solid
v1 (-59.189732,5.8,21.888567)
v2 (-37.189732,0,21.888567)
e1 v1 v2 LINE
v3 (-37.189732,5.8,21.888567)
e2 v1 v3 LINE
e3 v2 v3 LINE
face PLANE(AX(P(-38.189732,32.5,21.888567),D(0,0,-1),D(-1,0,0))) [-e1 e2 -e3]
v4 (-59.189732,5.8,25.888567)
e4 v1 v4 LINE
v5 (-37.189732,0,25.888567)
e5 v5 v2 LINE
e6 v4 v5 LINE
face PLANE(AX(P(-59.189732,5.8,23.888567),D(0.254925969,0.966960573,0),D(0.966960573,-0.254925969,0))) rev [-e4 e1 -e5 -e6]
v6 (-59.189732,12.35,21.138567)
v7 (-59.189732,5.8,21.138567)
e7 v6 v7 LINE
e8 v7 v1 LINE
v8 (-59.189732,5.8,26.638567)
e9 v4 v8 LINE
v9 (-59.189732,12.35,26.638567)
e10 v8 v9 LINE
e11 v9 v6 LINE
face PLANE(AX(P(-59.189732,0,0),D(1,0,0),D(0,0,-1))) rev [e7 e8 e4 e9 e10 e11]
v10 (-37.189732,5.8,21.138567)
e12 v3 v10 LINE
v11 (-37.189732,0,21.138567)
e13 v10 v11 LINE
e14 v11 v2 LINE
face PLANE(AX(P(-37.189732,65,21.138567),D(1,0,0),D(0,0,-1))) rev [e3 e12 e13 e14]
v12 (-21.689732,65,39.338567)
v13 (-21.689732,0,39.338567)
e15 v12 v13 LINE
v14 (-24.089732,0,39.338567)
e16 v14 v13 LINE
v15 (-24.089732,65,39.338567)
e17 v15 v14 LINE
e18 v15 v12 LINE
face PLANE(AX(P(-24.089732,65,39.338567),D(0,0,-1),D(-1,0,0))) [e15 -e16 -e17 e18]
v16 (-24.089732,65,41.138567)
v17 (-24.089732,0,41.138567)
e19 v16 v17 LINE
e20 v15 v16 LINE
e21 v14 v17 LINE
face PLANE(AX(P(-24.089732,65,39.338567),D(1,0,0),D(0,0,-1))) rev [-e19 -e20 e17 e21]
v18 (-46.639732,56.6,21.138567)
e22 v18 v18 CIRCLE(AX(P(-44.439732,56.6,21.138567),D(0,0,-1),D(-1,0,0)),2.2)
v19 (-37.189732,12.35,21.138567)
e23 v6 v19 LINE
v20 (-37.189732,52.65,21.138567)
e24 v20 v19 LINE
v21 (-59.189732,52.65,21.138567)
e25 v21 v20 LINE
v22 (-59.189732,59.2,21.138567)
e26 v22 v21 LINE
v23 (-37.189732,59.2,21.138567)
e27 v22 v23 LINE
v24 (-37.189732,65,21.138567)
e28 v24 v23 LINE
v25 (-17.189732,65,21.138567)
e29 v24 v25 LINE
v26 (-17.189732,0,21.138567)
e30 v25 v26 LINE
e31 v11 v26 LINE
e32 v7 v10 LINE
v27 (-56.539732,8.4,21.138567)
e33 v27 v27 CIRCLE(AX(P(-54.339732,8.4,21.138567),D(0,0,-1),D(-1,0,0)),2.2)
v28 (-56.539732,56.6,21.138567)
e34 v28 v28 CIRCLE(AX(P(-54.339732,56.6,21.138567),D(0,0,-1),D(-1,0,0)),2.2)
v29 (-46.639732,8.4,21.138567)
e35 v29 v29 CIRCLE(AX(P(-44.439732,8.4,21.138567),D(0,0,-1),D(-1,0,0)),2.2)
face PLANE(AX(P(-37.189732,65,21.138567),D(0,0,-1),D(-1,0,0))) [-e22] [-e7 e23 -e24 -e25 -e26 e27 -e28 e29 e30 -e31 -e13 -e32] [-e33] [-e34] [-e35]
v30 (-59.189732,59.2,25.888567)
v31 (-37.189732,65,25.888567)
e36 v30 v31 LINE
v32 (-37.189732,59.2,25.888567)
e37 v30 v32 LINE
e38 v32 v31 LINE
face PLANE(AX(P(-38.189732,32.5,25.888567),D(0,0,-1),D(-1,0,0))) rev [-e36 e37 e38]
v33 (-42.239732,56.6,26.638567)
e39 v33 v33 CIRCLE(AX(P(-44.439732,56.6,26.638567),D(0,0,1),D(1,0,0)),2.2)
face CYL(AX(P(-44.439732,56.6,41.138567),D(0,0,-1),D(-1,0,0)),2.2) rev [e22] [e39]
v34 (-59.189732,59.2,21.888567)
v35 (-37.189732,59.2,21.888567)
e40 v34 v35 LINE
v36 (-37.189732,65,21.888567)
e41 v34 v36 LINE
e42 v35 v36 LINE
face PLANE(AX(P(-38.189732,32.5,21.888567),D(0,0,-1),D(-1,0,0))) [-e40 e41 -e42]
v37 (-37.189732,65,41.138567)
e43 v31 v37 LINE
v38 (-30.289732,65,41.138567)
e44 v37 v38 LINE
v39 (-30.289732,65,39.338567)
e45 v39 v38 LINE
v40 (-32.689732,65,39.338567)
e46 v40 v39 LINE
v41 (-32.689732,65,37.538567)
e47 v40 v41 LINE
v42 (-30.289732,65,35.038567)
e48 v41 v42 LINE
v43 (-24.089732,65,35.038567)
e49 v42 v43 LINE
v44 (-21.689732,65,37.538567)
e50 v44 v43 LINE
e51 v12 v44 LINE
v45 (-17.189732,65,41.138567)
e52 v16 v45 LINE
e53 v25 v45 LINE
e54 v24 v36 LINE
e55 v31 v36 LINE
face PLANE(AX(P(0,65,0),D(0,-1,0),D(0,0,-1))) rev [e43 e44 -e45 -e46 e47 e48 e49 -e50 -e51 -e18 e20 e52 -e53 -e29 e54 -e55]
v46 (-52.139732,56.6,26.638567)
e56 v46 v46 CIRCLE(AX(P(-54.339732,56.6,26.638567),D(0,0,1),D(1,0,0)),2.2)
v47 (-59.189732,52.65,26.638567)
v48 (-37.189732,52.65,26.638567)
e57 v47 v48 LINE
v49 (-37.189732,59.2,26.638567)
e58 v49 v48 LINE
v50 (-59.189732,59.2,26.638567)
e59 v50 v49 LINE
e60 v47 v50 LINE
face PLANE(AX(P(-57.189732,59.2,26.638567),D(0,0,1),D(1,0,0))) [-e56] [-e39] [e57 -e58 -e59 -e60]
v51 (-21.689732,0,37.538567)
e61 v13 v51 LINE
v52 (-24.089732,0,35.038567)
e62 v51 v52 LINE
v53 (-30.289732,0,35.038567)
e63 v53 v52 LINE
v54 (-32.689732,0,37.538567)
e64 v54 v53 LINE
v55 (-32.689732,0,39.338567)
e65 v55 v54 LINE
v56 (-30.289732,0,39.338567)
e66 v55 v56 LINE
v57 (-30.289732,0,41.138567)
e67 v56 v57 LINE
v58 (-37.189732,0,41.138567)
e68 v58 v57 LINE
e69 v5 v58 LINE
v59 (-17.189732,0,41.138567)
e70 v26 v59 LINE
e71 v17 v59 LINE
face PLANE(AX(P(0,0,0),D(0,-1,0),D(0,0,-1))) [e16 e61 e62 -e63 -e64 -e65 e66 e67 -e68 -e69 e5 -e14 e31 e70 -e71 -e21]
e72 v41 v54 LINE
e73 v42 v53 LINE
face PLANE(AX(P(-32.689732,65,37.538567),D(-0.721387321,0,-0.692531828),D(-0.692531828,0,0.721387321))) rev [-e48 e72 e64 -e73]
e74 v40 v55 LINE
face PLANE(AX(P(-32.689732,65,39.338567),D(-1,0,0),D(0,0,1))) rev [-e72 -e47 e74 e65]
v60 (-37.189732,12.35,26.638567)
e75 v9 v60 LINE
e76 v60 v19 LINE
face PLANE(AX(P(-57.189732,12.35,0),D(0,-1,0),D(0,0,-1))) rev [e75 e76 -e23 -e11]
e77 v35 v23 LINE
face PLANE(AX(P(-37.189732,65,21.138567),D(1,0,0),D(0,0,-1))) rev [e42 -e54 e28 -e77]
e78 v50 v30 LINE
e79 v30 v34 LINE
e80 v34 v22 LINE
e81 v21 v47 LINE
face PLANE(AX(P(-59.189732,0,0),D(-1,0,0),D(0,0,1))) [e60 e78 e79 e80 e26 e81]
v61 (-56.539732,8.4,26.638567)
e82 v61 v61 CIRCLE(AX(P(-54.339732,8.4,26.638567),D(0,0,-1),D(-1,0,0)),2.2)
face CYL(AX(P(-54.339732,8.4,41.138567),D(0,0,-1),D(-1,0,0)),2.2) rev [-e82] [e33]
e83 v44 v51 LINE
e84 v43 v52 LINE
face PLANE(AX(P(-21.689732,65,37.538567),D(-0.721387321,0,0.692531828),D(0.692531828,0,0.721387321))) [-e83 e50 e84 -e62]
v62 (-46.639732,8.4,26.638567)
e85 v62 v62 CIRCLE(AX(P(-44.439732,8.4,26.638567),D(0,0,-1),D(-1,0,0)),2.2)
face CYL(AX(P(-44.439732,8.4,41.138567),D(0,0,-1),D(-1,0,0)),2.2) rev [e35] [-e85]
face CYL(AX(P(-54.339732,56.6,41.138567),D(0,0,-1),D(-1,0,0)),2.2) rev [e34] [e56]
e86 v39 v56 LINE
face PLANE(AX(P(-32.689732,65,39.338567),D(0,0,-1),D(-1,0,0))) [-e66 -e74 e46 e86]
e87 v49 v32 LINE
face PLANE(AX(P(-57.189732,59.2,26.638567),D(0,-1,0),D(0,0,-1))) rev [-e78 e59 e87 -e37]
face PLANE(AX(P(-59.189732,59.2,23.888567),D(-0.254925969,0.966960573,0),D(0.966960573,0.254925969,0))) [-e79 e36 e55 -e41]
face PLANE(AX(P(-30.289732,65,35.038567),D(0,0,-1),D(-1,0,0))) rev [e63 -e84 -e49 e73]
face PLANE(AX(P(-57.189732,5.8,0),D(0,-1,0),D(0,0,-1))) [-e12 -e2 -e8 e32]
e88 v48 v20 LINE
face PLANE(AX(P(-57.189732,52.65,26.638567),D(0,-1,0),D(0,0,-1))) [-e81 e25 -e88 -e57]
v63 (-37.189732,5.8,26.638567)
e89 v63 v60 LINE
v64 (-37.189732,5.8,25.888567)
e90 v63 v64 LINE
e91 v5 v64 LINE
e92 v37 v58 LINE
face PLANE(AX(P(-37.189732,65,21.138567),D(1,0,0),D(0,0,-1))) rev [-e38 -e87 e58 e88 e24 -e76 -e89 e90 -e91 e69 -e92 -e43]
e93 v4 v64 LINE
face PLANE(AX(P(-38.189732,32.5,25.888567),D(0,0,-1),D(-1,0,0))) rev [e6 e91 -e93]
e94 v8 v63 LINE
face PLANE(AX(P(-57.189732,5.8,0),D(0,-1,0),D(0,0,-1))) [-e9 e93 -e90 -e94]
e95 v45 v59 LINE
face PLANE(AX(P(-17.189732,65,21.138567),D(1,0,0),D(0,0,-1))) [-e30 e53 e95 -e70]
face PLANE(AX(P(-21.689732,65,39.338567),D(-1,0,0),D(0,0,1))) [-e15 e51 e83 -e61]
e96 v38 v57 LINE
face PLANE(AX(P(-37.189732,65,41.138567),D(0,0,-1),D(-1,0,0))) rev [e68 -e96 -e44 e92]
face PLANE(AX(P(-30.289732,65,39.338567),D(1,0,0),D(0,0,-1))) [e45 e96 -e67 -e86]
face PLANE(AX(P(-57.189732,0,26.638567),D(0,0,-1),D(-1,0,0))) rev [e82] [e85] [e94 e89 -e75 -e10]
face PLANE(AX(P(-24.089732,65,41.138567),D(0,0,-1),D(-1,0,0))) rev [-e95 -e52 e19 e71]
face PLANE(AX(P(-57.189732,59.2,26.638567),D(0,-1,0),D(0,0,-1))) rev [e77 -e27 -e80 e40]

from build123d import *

# Parameters (mm, degrees)
EXTRUDE_1_DEPTH     = 65
SKETCH_2_W          = 5.5
SKETCH_2_H          = 6.55
EXTRUDE_2_DEPTH     = 20
SKETCH_3_R          = 2.2
CUT_EXTRUDE_1_DEPTH = 20
SKETCH_4_W          = 5.5
SKETCH_4_H          = 6.55
EXTRUDE_3_DEPTH     = 2
RIB_7_REACH         = 67.469
SKETCH_5_WALL_W     = 155.689894758
SKETCH_5_WALL_H     = 4
RIB_8_REACH         = 76.607
SKETCH_6_WALL_W     = 173.96567711
SKETCH_6_WALL_H     = 4


with BuildPart() as part:
    # 草图1 → 凸台-拉伸1 (new body)
    with BuildSketch(Plane(origin=(0, 0, 0), x_dir=(1, 0, 0), z_dir=(0, 1, 0))):
        Polygon((-30.289732276, -35.038566896), (-24.089732276, -35.038566896), (-21.689732276, -37.538566896), (-21.689732276, -39.338566896), (-24.089732276, -39.338566896), (-24.089732276, -41.138566896), (-17.189732276, -41.138566896), (-17.189732276, -21.138566896), (-37.189732276, -21.138566896), (-37.189732276, -41.138566896), (-30.289732276, -41.138566896), (-30.289732276, -39.338566896), (-32.689732276, -39.338566896), (-32.689732276, -37.538566896), align=None)
    extrude(amount=EXTRUDE_1_DEPTH)

    # 草图2 → 凸台-拉伸2 (add)
    with BuildSketch(Plane.ZY.offset(37.189732276)):
        with Locations((23.888566896, 9.075)):
            Rectangle(SKETCH_2_W, SKETCH_2_H)
        with Locations((23.888566896, 55.925)):
            Rectangle(SKETCH_2_W, SKETCH_2_H)
    extrude(amount=EXTRUDE_2_DEPTH)

    # 草图3 → 切除-拉伸1 (cut)
    with BuildSketch(Plane(origin=(0, 0, 21.138566896), x_dir=(-1, 0, 0), z_dir=(0, 0, -1))):
        with Locations((54.339732276, 56.6)):
            Circle(SKETCH_3_R)
        with Locations((44.439732276, 56.6)):
            Circle(SKETCH_3_R)
        with Locations((44.439732276, 8.4)):
            Circle(SKETCH_3_R)
        with Locations((54.339732276, 8.4)):
            Circle(SKETCH_3_R)
    extrude(amount=-CUT_EXTRUDE_1_DEPTH, mode=Mode.SUBTRACT)

    # 草图4 → 凸台-拉伸3 (add)
    with BuildSketch(Plane.ZY.offset(57.189732276)):
        with Locations((23.888566896, 55.925)):
            Rectangle(SKETCH_4_W, SKETCH_4_H)
        with Locations((23.888566896, 9.075)):
            Rectangle(SKETCH_4_W, SKETCH_4_H)
    extrude(amount=EXTRUDE_3_DEPTH)

    # 草图5 wall → 筋7 (add, up to next)
    with BuildSketch(Plane(origin=(-48.189732276, 62.1, 23.888566896), x_dir=(0.966960573226, 0.254925969305, 0), z_dir=(0.254925969305, -0.966960573226, 0)), mode=Mode.PRIVATE) as rib_7_sk1:
        Rectangle(SKETCH_5_WALL_W, SKETCH_5_WALL_H)
    rib_7_tool1 = extrude(rib_7_sk1.sketch, amount=RIB_7_REACH, mode=Mode.PRIVATE) - part.part
    add(rib_7_tool1.solids().sort_by_distance((-48.189732276, 62.1, 23.888566896))[0])

    # 草图6 wall → 筋8 (add, up to next)
    with BuildSketch(Plane(origin=(-48.189732276, 2.9, 23.888566896), x_dir=(0.966960573226, -0.254925969305, 0), z_dir=(-0.254925969305, -0.966960573226, 0)), mode=Mode.PRIVATE) as rib_8_sk1:
        Rectangle(SKETCH_6_WALL_W, SKETCH_6_WALL_H)
    rib_8_tool1 = extrude(rib_8_sk1.sketch, amount=-RIB_8_REACH, mode=Mode.PRIVATE) - part.part
    add(rib_8_tool1.solids().sort_by_distance((-48.189732276, 2.9, 23.888566896))[0])


solid = part.part
